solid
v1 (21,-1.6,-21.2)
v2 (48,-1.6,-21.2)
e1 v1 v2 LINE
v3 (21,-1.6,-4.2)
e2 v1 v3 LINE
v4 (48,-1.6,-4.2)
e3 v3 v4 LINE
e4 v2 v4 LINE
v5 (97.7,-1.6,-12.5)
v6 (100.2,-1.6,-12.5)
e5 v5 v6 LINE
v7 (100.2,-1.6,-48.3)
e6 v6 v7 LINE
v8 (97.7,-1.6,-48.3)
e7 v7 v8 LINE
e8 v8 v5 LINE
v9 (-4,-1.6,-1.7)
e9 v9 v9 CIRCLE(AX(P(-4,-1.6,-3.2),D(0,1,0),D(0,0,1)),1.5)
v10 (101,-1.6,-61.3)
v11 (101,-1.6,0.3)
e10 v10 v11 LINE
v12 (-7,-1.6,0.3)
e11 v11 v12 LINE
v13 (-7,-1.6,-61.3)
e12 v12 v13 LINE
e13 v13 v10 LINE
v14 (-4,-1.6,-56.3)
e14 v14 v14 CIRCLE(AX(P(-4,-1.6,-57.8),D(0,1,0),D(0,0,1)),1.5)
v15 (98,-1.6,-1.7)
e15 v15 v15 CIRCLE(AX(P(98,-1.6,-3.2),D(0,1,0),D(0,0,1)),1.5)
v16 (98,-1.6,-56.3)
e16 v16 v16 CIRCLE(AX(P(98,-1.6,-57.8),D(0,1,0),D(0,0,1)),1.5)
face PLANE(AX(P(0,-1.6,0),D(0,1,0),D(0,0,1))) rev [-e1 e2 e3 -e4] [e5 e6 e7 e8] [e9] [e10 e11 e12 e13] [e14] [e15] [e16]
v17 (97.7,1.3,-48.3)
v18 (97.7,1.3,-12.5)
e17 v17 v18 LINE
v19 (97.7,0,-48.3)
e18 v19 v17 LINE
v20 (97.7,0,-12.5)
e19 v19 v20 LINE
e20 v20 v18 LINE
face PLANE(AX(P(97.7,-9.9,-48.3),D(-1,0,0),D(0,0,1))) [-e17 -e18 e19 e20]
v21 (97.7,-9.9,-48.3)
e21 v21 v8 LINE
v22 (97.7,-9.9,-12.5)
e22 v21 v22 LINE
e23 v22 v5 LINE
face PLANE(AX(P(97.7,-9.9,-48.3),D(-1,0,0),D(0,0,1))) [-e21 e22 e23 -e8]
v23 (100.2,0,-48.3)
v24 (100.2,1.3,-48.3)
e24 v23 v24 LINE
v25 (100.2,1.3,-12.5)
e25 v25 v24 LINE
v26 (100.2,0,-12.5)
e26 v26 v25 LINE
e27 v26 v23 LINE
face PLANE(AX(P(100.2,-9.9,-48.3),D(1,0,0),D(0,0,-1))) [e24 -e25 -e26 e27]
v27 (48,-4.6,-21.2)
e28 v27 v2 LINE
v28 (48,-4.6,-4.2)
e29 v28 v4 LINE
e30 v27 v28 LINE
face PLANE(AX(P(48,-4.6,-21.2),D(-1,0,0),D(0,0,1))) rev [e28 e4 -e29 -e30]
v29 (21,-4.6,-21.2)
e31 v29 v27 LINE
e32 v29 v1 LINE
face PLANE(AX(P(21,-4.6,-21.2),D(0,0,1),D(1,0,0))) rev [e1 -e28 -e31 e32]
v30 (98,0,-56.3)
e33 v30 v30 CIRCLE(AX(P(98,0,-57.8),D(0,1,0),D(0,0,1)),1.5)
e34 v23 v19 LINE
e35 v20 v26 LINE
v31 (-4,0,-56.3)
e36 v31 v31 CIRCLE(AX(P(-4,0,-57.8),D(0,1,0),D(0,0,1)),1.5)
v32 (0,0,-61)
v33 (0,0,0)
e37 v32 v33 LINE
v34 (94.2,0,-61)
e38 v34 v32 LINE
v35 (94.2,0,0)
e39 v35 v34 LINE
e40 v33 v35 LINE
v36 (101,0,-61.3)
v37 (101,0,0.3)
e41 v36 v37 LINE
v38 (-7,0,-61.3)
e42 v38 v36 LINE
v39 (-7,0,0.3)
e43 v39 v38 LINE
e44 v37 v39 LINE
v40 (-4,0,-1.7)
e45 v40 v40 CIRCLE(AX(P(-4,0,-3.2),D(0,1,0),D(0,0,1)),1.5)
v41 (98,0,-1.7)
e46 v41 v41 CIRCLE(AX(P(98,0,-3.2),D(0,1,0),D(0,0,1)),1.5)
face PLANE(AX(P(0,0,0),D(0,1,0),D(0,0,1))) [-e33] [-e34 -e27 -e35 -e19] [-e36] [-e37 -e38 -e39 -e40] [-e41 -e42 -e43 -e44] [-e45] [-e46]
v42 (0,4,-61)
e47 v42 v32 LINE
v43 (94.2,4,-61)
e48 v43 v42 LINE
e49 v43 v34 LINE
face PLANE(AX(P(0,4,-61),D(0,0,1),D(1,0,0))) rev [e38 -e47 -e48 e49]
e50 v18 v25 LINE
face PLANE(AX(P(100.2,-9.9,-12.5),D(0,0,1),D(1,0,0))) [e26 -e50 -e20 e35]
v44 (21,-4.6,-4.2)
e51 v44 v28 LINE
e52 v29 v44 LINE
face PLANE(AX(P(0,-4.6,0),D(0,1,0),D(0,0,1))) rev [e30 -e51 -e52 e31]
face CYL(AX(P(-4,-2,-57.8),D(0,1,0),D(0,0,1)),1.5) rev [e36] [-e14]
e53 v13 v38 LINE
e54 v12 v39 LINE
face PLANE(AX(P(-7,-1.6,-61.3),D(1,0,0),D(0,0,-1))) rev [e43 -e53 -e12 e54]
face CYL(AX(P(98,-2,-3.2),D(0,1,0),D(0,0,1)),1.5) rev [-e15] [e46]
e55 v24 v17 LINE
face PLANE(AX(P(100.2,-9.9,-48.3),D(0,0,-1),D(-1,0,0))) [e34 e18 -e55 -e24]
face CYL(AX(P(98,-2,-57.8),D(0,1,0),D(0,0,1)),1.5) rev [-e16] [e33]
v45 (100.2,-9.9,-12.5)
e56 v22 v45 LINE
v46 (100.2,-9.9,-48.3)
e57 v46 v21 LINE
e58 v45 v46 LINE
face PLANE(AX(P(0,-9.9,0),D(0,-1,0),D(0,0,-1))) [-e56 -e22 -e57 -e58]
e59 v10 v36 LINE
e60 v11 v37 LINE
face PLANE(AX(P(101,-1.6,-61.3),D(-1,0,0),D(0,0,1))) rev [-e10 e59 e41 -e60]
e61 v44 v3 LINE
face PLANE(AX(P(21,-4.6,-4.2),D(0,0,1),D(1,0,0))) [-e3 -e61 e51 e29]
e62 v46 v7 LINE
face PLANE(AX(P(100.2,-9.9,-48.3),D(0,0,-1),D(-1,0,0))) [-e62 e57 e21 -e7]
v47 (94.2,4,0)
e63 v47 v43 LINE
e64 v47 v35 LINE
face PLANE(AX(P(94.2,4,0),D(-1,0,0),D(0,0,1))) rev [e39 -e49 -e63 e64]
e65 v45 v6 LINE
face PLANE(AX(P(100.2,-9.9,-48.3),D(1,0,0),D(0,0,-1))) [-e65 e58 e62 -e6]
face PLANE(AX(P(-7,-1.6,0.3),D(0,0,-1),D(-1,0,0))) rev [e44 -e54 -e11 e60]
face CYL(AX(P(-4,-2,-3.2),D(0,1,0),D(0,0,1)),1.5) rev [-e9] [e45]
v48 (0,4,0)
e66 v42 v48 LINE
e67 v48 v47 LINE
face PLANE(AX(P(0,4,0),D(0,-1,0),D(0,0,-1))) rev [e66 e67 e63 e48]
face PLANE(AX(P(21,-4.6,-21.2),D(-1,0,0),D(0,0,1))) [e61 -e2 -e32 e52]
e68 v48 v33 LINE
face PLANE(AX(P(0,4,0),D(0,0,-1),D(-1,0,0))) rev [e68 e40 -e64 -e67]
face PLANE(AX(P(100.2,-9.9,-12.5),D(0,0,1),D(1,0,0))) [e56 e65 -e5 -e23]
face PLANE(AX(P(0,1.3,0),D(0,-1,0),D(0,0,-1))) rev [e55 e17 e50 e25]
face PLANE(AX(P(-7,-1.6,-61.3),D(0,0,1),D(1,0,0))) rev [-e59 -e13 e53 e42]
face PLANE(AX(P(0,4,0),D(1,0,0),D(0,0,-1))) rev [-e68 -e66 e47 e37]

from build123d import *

# Parameters (mm, degrees)
SCHIZZO1_W                        = 94.2
SCHIZZO1_H                        = 61
ESTRUSIONE_ESTRUSIONE1_DEPTH      = 4
SCHIZZO2_W                        = 108
SCHIZZO2_H                        = 61.6
ESTRUSIONE_ESTRUSIONE2_DEPTH      = 1.6
ESTRUSIONE_ESTRUSIONE3_DEPTH      = 1.3
ESTRUSIONE_ESTRUSIONE3_DEPTH_BACK = 9.9
SCHIZZO4_W                        = 2.5
SCHIZZO4_H                        = 35.8
SCHIZZO6_R                        = 1.5
TAGLIO_ESTRUSIONE1_DEPTH          = 2
SCHIZZO7_W                        = 27
SCHIZZO7_H                        = 17
ESTRUSIONE_ESTRUSIONE4_DEPTH      = 3


with BuildPart() as part:
    # Schizzo1 → Estrusione-Estrusione1 (new body)
    with BuildSketch(Plane(origin=(0, 0, 0), x_dir=(1, 0, 0), z_dir=(0, 1, 0))):
        with Locations((47.1, 30.5)):
            Rectangle(SCHIZZO1_W, SCHIZZO1_H)
    extrude(amount=ESTRUSIONE_ESTRUSIONE1_DEPTH)

    # Schizzo2 → Estrusione-Estrusione2 (add)
    with BuildSketch(Plane.XZ):
        with Locations((47, -30.5)):
            Rectangle(SCHIZZO2_W, SCHIZZO2_H)
    extrude(amount=ESTRUSIONE_ESTRUSIONE2_DEPTH)

    # Schizzo4 → Estrusione-Estrusione3 (add, two sides: drawn at the far end of the back side and taken through both)
    with BuildSketch(Plane(origin=(0, 0, 0), x_dir=(1, 0, 0), z_dir=(0, 1, 0)).offset(-ESTRUSIONE_ESTRUSIONE3_DEPTH_BACK)):
        with Locations((98.95, 30.4)):
            Rectangle(SCHIZZO4_W, SCHIZZO4_H)
    extrude(amount=ESTRUSIONE_ESTRUSIONE3_DEPTH + ESTRUSIONE_ESTRUSIONE3_DEPTH_BACK)

    # Schizzo6 → Taglio-Estrusione1 (cut)
    with BuildSketch(Plane(origin=(0, 0, 0), x_dir=(1, 0, 0), z_dir=(0, 1, 0))):
        with Locations(Location((-4, 57.8, 0), (0, 0, 270))):
            Circle(SCHIZZO6_R)
        with Locations(Location((-4, 3.2, 0), (0, 0, 270))):
            Circle(SCHIZZO6_R)
        with Locations(Location((98, 57.8, 0), (0, 0, 270))):
            Circle(SCHIZZO6_R)
        with Locations(Location((98, 3.2, 0), (0, 0, 270))):
            Circle(SCHIZZO6_R)
    extrude(amount=-TAGLIO_ESTRUSIONE1_DEPTH, mode=Mode.SUBTRACT)

    # Schizzo7 → Estrusione-Estrusione4 (add)
    with BuildSketch(Plane.XZ.offset(1.6)):
        with Locations((34.5, -12.7)):
            Rectangle(SCHIZZO7_W, SCHIZZO7_H)
    extrude(amount=ESTRUSIONE_ESTRUSIONE4_DEPTH)


solid = part.part
